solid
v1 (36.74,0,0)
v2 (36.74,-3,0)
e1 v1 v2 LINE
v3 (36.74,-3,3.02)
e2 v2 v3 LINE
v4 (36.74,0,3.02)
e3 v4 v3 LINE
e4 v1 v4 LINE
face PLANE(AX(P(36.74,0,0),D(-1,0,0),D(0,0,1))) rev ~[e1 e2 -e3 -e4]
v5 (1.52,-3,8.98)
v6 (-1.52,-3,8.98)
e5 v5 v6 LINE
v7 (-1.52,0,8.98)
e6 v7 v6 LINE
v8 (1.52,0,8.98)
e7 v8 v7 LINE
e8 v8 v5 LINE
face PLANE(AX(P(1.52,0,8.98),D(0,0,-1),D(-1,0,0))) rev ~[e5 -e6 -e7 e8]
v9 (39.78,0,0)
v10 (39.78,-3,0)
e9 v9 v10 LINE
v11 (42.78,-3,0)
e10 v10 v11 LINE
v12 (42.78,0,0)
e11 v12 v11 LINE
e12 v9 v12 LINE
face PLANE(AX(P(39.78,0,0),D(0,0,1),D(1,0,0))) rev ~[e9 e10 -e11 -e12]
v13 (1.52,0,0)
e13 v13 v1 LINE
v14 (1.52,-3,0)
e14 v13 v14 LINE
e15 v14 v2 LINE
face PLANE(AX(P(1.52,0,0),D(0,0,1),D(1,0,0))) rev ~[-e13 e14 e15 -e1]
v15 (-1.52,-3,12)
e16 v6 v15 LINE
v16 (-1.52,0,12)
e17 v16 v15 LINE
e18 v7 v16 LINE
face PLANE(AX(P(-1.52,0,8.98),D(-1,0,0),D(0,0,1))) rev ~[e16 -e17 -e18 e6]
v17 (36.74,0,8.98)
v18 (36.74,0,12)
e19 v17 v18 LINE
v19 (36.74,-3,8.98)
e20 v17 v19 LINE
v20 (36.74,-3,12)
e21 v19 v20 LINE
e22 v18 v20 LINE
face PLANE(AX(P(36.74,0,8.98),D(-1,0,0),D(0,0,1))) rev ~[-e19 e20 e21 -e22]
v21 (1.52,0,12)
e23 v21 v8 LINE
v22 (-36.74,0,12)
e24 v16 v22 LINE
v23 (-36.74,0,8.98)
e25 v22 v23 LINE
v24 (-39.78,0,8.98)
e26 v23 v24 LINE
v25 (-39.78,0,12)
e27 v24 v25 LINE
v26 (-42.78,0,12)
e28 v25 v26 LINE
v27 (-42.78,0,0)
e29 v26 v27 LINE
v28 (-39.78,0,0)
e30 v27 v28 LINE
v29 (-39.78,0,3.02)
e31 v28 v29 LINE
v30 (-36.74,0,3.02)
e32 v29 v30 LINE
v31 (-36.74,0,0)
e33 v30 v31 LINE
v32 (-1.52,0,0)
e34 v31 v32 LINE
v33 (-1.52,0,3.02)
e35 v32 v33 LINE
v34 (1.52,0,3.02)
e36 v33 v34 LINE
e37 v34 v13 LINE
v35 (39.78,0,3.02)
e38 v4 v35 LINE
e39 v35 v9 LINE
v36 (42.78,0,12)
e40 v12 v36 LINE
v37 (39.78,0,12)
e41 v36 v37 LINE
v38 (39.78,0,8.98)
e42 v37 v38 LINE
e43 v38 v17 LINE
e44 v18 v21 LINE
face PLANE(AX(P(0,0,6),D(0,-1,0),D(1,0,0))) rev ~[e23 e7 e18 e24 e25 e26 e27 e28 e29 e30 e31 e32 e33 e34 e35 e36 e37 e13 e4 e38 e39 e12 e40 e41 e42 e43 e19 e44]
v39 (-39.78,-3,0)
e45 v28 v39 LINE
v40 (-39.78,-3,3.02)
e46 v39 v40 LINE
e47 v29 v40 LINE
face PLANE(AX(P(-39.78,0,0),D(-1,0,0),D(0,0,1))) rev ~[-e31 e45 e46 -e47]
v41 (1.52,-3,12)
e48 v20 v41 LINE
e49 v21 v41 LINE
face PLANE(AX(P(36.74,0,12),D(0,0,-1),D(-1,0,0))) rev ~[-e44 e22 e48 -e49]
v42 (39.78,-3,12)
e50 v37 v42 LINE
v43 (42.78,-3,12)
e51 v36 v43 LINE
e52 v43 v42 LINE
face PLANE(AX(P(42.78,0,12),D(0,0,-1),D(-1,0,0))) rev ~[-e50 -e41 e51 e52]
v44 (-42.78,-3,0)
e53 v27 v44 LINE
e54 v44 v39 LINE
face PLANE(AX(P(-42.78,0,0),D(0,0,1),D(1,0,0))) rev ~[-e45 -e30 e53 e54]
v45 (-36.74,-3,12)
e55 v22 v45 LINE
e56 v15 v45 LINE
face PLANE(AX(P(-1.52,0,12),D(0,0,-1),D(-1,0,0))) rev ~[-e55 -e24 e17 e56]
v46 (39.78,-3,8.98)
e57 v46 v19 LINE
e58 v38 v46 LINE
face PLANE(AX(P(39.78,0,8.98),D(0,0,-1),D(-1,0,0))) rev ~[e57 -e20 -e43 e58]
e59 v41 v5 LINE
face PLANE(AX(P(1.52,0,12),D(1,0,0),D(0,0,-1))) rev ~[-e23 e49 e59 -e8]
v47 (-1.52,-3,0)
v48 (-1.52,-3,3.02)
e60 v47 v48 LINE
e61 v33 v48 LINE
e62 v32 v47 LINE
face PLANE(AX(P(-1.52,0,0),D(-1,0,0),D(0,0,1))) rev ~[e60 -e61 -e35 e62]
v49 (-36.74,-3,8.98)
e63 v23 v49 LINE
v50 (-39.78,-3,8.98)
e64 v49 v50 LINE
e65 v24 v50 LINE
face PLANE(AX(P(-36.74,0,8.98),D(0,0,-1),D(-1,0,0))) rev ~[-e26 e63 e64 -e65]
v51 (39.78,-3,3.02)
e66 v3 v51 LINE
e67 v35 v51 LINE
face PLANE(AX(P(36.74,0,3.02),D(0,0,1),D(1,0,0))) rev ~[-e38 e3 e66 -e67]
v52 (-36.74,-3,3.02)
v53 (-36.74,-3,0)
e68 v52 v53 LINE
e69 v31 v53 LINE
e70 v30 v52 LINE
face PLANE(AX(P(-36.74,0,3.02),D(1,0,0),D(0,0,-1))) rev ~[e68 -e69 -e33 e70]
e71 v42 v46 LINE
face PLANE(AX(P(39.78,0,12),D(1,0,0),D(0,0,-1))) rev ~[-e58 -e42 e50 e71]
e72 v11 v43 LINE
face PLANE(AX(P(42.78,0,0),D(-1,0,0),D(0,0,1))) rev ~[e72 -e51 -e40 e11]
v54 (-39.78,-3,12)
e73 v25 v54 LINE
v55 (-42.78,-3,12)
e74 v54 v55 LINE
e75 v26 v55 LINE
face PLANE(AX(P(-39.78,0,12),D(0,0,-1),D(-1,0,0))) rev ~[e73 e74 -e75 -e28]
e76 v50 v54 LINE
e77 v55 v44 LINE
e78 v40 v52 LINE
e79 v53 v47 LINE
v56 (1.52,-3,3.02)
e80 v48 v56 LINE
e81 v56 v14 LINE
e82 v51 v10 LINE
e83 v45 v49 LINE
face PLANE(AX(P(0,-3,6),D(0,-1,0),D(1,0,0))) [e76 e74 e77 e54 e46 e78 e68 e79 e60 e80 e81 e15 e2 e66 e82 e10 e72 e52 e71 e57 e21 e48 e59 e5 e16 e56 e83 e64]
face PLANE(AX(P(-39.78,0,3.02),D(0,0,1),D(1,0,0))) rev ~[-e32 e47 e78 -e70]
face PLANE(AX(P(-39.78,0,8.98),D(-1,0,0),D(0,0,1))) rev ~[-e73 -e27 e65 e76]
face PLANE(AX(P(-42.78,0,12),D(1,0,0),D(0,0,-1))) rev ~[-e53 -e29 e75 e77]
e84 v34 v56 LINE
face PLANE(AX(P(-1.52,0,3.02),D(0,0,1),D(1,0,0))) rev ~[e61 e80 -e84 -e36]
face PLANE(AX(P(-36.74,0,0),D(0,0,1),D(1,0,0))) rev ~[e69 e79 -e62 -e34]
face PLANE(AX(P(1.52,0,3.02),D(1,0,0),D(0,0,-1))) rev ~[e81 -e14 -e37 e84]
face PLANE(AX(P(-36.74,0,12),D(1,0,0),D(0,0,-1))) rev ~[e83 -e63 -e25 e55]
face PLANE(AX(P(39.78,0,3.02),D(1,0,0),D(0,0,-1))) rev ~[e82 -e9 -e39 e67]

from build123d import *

# Parameters (mm, degrees)
F1_DEPTH = 3


with BuildPart() as f1:
    # F0 (on Front) → F1 (new body)
    with BuildSketch(Plane.XZ):
        Polygon((-42.78, 0), (-39.78, 0), (-39.78, 3.02), (-36.74, 3.02), (-36.74, 0), (-1.52, 0), (-1.52, 3.02), (1.52, 3.02), (1.52, 0), (36.74, 0), (36.74, 3.02), (39.78, 3.02), (39.78, 0), (42.78, 0), (42.78, 12), (39.78, 12), (39.78, 8.98), (36.74, 8.98), (36.74, 12), (1.52, 12), (1.52, 8.98), (-1.52, 8.98), (-1.52, 12), (-36.74, 12), (-36.74, 8.98), (-39.78, 8.98), (-39.78, 12), (-42.78, 12), align=None)
    extrude(amount=F1_DEPTH)


solid = f1.part
